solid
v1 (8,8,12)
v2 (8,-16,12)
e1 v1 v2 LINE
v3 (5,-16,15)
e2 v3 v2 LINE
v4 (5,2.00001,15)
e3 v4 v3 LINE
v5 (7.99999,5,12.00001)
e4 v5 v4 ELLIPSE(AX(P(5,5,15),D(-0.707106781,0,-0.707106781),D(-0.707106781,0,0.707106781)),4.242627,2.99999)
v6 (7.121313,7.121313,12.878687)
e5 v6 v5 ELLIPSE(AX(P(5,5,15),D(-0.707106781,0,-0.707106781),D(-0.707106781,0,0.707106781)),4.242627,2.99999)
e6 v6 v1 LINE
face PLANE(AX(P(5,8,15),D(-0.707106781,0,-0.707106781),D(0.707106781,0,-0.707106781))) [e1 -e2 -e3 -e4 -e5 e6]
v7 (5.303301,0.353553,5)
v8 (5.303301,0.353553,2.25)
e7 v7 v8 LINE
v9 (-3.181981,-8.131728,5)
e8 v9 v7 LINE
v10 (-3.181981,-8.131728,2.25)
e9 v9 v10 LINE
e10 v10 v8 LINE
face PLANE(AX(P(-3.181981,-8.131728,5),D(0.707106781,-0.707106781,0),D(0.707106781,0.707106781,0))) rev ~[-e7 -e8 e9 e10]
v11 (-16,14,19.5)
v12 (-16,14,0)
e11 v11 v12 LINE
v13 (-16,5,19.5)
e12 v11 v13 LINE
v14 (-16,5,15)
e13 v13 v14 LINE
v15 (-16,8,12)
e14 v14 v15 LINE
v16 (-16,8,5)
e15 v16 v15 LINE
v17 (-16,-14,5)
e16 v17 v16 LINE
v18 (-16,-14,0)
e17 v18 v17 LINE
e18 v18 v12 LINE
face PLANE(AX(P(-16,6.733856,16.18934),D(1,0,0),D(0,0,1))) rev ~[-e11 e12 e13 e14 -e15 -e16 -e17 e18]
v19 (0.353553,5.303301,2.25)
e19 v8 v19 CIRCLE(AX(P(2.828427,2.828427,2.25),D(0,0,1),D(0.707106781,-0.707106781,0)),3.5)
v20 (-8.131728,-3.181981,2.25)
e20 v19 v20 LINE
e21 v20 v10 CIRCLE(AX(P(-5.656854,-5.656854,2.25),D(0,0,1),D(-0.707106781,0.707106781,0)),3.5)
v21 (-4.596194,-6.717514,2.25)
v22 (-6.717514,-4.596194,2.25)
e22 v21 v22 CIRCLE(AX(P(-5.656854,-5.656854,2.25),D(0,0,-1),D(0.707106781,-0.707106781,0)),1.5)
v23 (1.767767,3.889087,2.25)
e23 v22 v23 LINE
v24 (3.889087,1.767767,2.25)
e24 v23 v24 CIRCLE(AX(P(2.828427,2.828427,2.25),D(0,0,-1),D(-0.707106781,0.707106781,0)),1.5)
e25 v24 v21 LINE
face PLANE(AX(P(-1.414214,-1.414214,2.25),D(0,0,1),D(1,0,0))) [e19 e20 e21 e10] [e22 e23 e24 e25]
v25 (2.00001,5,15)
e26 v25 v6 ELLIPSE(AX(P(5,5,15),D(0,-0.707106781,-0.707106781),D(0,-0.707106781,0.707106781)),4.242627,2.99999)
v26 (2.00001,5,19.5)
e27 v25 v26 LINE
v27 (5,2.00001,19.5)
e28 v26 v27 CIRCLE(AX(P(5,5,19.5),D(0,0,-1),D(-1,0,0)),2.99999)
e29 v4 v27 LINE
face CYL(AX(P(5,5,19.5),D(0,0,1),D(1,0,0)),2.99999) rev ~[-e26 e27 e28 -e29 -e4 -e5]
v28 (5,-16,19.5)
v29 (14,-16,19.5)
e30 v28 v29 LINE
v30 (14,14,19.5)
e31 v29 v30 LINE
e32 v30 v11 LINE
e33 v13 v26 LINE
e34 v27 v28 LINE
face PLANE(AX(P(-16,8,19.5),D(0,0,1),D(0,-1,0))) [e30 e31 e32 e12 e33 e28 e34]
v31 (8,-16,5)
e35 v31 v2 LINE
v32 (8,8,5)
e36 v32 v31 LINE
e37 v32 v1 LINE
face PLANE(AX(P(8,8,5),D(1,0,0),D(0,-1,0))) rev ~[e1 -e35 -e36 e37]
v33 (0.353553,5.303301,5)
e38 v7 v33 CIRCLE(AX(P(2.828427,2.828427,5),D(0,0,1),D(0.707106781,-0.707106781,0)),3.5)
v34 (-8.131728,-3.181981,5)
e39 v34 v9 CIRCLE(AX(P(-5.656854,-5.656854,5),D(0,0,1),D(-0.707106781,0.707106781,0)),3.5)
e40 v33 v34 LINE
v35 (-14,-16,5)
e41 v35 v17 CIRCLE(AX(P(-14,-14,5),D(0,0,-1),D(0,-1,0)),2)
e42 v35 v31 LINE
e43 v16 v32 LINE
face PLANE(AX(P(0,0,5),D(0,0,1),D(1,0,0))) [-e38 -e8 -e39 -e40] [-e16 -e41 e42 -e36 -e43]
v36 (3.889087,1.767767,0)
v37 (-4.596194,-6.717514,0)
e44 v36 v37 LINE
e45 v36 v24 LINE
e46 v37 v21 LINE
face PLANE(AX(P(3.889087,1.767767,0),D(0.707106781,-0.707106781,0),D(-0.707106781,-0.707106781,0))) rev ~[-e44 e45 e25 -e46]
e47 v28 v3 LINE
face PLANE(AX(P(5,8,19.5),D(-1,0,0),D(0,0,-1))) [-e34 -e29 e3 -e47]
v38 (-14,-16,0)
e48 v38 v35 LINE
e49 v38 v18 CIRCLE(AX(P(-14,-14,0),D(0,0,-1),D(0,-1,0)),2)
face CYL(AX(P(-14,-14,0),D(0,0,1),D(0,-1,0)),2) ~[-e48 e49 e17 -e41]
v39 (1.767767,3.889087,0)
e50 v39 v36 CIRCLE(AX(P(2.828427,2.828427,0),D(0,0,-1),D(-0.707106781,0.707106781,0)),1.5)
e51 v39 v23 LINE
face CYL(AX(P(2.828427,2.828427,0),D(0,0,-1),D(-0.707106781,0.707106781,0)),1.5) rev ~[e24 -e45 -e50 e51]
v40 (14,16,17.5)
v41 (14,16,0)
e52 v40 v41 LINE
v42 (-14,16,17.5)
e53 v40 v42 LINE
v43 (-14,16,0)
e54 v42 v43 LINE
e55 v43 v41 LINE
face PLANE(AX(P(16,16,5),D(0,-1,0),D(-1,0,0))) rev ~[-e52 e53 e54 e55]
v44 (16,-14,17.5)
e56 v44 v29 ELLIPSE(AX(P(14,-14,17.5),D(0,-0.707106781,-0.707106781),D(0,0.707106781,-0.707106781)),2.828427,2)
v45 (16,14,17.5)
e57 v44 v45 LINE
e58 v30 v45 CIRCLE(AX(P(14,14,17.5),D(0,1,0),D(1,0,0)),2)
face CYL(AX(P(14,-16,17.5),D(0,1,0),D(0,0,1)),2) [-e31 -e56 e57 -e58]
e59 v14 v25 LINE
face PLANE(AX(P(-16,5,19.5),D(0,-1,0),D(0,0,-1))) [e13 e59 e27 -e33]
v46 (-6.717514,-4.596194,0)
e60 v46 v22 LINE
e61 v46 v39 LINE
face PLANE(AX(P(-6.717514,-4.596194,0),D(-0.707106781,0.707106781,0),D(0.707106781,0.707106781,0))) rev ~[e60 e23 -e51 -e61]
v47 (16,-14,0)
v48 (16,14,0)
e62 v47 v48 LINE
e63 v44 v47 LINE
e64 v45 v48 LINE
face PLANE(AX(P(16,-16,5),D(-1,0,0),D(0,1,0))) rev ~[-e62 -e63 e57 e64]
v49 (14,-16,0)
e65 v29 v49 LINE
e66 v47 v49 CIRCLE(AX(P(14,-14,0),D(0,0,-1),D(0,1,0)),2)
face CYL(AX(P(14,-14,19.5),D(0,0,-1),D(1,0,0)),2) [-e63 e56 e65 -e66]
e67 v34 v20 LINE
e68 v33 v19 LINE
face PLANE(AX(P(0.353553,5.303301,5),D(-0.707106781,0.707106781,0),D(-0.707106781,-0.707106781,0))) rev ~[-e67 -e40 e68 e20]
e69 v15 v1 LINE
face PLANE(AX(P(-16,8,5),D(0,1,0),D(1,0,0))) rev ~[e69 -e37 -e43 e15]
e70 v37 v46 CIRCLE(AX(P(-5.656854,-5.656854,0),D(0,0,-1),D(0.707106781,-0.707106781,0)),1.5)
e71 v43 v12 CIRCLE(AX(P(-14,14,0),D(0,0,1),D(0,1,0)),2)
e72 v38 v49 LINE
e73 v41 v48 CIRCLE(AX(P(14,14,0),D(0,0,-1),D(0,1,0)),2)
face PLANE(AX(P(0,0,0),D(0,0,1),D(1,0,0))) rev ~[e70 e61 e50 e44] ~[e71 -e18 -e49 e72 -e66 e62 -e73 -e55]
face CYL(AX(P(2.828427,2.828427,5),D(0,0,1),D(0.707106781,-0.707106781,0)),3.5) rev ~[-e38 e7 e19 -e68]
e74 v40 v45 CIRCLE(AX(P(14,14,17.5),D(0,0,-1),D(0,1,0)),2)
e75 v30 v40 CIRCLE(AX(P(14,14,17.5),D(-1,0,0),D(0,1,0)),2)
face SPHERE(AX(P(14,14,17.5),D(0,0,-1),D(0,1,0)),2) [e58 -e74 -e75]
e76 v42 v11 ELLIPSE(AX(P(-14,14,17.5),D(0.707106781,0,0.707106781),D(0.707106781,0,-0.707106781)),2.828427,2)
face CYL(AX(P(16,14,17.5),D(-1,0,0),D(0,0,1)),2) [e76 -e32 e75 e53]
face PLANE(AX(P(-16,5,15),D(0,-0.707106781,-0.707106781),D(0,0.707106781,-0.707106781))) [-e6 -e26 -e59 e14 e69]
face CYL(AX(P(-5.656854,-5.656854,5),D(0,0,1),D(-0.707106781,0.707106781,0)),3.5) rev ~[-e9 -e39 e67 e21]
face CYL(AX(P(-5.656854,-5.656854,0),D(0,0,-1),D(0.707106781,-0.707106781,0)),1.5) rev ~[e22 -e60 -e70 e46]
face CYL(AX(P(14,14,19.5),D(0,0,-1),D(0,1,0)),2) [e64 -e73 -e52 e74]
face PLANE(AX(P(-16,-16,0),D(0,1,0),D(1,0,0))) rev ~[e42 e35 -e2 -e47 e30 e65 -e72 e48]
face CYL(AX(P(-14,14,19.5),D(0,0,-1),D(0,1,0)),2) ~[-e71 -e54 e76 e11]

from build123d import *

# Parameters (mm, degrees)
F0_W     = 32
F0_H     = 32
F1_DEPTH = 5
F3_DEPTH = 14.5
F4_DEPTH = 2.75
F7_R     = 2.9999901718
F8_DEPTH = 14
F9_R     = 2


with BuildPart() as f1:
    # F0 (on Top) → F1 (new body)
    with BuildSketch(Plane.XY):
        Rectangle(F0_W, F0_H)
        with BuildLine():
            ThreePointArc((-4.5961940777, -6.7175144213), (-6.7175144213, -6.7175144213), (-6.7175144213, -4.5961940777))
            Line((-6.7175144213, -4.5961940777), (1.767766953, 3.8890872965))
            ThreePointArc((1.767766953, 3.8890872965), (3.8890872965, 3.8890872965), (3.8890872965, 1.767766953))
            Line((3.8890872965, 1.767766953), (-4.5961940777, -6.7175144213))
        make_face(mode=Mode.SUBTRACT)
    extrude(amount=F1_DEPTH)

    # F2 (on face) → F3 (join)
    with BuildSketch(Plane.XY.offset(5)):
        Polygon((-16, 16), (-16, 8), (8, 8), (8, -16), (16, -16), (16, 16), align=None)
    extrude(amount=F3_DEPTH)

    # F2 (on face) → F4 (cut)
    with BuildSketch(Plane.XY.offset(5)):
        with BuildLine():
            Line((0.3535533906, 5.3033008589), (-8.1317279836, -3.1819805153))
            ThreePointArc((-8.1317279836, -3.1819805153), (-8.1317279836, -8.1317279836), (-3.1819805153, -8.1317279836))
            Line((-3.1819805153, -8.1317279836), (5.3033008589, 0.3535533906))
            ThreePointArc((5.3033008589, 0.3535533906), (5.3033008589, 5.3033008589), (0.3535533906, 5.3033008589))
        make_face()
        with BuildLine():
            Line((-6.7175144213, -4.5961940777), (1.767766953, 3.8890872965))
            ThreePointArc((1.767766953, 3.8890872965), (3.8890872965, 3.8890872965), (3.8890872965, 1.767766953))
            Line((3.8890872965, 1.767766953), (-4.5961940777, -6.7175144213))
            ThreePointArc((-4.5961940777, -6.7175144213), (-6.7175144213, -6.7175144213), (-6.7175144213, -4.5961940777))
        make_face(mode=Mode.SUBTRACT)
    extrude(amount=-F4_DEPTH, mode=Mode.SUBTRACT)

    # F6: sweep along a path in F6_path
    with BuildLine(Plane(origin=(8, 8, 19.5), x_dir=(0, 1, 0), z_dir=(0, 0, 1))) as f6_path:
        Line((0, 24), (0, 0))
        Line((0, 0), (-24, 0))
    # F5 (on face) → F6 (sweep)
    with BuildSketch(Plane.XZ.offset(16)):
        Polygon((8, 12), (8, 19.5), (5, 19.5), (5, 15), align=None)
    sweep(path=f6_path.line, transition=Transition.RIGHT)

    # F7 (on face) → F8 (cut)
    with BuildSketch(Plane.XY.offset(19.5)):
        with Locations((5, 5)):
            Circle(F7_R)
    extrude(amount=-F8_DEPTH, mode=Mode.SUBTRACT)

    # F9
    f9_edges = [f1.edges().sort_by_distance(p)[0] for p in [
        (16, -16, 9.75),
        (16, 16, 9.75),
        (-16, 16, 9.75),
        (0, 16, 19.5),
        (16, 0, 19.5),
        (-16, -16, 2.5),
    ]]
    fillet(f9_edges, radius=F9_R)


solid = f1.part
